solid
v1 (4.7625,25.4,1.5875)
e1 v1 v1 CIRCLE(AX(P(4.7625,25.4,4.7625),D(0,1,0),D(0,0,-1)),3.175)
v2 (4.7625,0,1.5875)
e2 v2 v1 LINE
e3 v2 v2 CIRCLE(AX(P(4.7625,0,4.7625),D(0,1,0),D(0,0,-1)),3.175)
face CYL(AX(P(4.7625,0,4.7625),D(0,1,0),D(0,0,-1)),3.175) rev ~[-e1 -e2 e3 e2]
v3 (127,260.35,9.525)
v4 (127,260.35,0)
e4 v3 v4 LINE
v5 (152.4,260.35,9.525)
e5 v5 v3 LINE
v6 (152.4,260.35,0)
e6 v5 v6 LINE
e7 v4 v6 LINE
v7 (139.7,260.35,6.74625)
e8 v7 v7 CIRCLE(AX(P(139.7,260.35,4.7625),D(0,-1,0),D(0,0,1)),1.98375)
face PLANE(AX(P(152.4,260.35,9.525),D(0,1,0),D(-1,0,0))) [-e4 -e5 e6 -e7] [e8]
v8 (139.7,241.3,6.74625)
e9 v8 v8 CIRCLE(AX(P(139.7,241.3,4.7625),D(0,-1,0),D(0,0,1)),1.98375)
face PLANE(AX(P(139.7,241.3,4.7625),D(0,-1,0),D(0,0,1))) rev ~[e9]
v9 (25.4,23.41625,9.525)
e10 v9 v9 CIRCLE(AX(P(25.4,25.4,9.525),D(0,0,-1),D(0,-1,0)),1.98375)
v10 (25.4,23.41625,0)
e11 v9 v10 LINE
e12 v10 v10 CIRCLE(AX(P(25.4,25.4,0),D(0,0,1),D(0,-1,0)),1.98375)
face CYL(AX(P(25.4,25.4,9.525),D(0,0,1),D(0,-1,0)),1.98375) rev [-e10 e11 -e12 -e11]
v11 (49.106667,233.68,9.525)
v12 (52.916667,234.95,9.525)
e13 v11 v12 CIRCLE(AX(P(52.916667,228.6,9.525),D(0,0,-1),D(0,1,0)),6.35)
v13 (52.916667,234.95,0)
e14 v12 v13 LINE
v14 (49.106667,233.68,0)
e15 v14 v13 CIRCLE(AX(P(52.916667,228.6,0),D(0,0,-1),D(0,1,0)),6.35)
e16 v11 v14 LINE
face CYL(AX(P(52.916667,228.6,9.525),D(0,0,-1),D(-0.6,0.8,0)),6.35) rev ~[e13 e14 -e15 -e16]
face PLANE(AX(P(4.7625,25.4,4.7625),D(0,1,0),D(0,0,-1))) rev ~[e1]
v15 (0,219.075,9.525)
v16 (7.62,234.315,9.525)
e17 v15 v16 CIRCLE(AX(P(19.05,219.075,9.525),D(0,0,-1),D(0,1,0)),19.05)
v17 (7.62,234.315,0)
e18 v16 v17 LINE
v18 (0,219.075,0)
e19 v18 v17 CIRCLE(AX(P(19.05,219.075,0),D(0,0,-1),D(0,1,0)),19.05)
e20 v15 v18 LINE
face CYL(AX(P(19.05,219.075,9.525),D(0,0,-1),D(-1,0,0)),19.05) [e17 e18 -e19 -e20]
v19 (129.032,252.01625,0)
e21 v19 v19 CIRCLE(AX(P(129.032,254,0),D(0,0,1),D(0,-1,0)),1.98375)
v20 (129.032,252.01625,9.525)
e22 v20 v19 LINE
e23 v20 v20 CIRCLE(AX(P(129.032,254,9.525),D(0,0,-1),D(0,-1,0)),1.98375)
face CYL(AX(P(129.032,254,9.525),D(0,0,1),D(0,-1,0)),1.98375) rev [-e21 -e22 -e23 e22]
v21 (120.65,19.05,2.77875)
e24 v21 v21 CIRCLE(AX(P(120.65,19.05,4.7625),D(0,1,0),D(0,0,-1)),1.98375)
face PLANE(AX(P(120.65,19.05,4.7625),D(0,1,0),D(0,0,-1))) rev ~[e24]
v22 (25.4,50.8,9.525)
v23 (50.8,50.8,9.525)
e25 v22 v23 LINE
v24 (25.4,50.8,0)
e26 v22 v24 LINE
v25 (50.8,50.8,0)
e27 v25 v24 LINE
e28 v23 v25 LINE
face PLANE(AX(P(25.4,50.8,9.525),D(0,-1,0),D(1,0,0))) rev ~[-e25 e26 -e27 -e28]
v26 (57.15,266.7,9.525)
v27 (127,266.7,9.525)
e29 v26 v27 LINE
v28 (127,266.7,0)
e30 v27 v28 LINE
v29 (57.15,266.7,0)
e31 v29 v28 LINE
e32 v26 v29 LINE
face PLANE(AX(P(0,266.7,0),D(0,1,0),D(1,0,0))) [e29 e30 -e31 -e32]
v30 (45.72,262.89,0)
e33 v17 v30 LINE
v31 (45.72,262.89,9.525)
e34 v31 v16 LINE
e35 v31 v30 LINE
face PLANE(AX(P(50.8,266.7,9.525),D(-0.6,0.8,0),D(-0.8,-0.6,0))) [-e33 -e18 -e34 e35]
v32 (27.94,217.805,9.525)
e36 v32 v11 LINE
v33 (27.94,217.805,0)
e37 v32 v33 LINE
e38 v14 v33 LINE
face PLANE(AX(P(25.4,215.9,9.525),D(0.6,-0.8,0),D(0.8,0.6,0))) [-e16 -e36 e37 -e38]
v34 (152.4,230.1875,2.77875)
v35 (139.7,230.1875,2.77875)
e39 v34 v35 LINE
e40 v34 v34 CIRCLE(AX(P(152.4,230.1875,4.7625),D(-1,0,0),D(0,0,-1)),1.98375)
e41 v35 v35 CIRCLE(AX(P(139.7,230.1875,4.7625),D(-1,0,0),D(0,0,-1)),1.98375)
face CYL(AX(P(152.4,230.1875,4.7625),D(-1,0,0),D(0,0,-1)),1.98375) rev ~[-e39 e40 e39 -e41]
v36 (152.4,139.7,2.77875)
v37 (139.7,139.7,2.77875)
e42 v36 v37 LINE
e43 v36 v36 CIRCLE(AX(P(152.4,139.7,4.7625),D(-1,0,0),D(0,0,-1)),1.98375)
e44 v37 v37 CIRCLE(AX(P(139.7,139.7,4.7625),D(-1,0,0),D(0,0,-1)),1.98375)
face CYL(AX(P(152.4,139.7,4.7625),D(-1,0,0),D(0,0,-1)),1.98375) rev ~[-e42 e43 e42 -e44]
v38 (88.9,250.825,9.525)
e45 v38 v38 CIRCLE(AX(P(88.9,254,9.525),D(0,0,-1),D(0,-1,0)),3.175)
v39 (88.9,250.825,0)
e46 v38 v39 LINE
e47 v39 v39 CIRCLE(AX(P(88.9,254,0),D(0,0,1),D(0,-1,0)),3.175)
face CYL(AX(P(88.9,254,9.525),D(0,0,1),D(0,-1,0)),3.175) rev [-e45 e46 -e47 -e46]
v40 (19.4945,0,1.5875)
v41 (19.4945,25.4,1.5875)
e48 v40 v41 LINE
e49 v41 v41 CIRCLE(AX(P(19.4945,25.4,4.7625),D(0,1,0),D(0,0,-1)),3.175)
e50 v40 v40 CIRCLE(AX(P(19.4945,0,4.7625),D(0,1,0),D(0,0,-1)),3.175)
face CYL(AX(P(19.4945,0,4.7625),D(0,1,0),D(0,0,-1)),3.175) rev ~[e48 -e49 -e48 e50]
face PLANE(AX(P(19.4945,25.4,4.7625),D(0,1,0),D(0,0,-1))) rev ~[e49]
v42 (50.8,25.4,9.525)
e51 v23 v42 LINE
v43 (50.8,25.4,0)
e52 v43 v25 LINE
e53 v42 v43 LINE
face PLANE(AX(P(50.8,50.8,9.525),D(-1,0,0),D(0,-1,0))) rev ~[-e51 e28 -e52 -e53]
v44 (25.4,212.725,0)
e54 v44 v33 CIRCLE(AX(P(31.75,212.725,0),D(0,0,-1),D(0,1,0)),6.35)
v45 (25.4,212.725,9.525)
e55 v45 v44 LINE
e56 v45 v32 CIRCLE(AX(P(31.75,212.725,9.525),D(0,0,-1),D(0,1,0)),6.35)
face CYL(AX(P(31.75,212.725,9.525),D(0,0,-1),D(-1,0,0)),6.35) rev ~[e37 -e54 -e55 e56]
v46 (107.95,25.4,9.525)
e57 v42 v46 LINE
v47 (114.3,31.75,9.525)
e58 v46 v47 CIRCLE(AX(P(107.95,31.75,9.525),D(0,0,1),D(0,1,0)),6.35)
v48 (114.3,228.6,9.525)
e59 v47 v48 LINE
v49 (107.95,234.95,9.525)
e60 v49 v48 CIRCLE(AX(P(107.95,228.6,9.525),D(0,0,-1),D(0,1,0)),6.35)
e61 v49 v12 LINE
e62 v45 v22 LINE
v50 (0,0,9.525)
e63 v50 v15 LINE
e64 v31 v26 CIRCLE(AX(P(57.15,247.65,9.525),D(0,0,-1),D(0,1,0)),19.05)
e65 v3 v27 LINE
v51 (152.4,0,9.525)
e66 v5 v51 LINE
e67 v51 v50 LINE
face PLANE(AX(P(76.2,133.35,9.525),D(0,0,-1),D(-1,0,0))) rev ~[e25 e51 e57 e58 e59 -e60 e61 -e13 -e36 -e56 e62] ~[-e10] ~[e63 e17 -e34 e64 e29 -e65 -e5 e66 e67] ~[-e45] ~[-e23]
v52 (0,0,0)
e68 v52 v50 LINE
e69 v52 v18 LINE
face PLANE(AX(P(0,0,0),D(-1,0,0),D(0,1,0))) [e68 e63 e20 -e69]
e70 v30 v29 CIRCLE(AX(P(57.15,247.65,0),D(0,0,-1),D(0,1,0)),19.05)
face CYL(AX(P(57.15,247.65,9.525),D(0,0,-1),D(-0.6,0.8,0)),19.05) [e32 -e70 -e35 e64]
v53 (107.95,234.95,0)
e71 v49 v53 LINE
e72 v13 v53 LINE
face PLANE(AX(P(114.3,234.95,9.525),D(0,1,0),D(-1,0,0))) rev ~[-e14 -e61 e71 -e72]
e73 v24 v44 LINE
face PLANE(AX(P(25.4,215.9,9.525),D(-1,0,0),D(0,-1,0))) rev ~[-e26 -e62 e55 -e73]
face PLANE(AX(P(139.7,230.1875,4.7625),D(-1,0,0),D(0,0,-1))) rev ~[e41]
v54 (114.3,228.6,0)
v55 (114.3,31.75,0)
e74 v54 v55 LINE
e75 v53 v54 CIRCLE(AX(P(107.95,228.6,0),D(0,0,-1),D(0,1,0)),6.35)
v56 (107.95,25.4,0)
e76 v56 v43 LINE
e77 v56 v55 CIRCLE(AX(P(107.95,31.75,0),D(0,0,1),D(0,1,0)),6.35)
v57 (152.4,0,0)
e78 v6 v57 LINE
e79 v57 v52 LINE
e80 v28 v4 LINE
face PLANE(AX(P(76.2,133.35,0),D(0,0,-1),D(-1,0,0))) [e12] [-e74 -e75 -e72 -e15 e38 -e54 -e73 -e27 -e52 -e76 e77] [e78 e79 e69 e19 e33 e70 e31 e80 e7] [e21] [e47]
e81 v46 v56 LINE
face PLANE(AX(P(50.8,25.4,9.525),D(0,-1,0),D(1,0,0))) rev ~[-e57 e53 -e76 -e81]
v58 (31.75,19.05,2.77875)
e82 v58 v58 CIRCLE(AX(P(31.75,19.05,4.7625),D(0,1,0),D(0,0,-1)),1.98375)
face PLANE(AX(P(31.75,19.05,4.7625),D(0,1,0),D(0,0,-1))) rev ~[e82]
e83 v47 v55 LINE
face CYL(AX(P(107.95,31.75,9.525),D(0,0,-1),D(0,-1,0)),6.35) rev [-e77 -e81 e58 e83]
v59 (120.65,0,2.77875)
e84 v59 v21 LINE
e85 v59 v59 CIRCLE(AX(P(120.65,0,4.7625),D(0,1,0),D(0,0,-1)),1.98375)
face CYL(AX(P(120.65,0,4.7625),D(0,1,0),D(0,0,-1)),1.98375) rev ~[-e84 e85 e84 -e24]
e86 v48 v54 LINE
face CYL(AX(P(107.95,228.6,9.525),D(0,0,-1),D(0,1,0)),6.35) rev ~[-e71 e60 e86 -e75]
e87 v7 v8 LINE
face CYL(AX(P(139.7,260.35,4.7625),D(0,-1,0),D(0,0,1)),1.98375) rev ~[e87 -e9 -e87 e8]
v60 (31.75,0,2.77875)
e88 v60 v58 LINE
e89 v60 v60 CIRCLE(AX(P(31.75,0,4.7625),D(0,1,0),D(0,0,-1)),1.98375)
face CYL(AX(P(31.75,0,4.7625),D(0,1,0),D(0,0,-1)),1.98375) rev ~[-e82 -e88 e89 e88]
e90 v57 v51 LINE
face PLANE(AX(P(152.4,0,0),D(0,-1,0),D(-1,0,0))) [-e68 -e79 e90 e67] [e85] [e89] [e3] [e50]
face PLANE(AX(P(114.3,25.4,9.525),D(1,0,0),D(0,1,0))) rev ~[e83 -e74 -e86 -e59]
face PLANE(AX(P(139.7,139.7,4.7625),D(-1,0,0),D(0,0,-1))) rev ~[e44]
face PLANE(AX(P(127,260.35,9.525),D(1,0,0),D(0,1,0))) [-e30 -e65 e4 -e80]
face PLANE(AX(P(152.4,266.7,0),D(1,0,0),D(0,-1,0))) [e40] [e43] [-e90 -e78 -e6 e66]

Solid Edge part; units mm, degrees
sketch "Sketch1" plane through (0, 0, 0) normal (0, 0, 1) x (1, 0, 0)
  line L0 (0, 0) -> (0, 266.7)
  line L1 (0, 266.7) -> (152.4, 266.7)
  line L2 (152.4, 266.7) -> (152.4, 0)
  line L3 (152.4, 0) -> (0, 0)
  dimension "D1" = 152.4
  dimension "D2" = 266.7
extrude "Protrusion1" add sketch "Sketch1" along normal blind 9.525
hole "Hole_1" at (88.9, 254, 9.525) direction (0, 0, -1) diameter 6.35 end through all
sketch "Sketch2" plane through (76.2, 133.35, 9.525) normal (0, 0, 1) x (1, 0, 0)
  line L0 (-76.2, 133.35) -> (-25.4, 133.35)
  line L1 (-25.4, 133.35) -> (-76.2, 95.25)
  line L2 (-76.2, 95.25) -> (-76.2, 133.35)
  dimension "D1" = 50.8
  dimension "D2" = 38.1
extrude "Cutout1" cut sketch "Sketch2" against normal through all
sketch "Sketch3" plane through (38.1, 127, 9.525) normal (0, 0, 1) x (1, 0, 0)
  line L0 (-12.7, 88.9) -> (-12.7, -76.2)
  line L1 (-12.7, -76.2) -> (12.7, -76.2)
  line L2 (12.7, -76.2) -> (12.7, -101.6)
  line L3 (12.7, -101.6) -> (76.2, -101.6)
  line L4 (76.2, -101.6) -> (76.2, 107.95)
  line L5 (76.2, 107.95) -> (12.7, 107.95)
  line L6 (-12.7, 88.9) -> (12.7, 107.95)
  dimension "D1" = 31.75
  dimension "D2" = 25.4
  dimension "D3" = 25.4
  dimension "D4" = 63.5
  dimension "D5" = 25.4
  dimension "D6" = 50.8
  dimension "D7" = 50.8
extrude "Cutout2" cut sketch "Sketch3" against normal through all
sketch "Sketch4" plane through (44.45, 133.35, 9.525) normal (0, 0, 1) x (1, 0, 0)
  line L0 (107.95, 133.35) -> (107.95, 127)
  line L1 (107.95, 127) -> (82.55, 127)
  line L2 (82.55, 127) -> (82.55, 133.35)
  line L3 (82.55, 133.35) -> (107.95, 133.35)
  dimension "D1" = 6.35
  dimension "D2" = 25.4
extrude "Cutout3" cut sketch "Sketch4" against normal through all
hole "Hole_9" at (120.65, 0, 4.7625) direction (0, 1, 0) diameter 3.9675 depth 19.05
hole "Hole1" at (31.75, 0, 4.7625) direction (0, 1, 0) diameter 3.9675 depth 19.05
hole "Hole_3" at (139.7, 260.35, 4.7625) direction (0, -1, 0) diameter 3.9675 depth 19.05
hole "Hole2" [suppressed]
hole "Hole_4a" at (25.4, 25.4, 9.525) direction (0, 0, -1) diameter 3.9675 end through all
fillet "Round_1" radius 19.05 2 edges at (0, 228.6, 4.7625) (50.8, 266.7, 4.7625)
fillet "Round_2" radius 6.35 4 edges at (50.8, 234.95, 4.7625) (114.3, 234.95, 4.7625) (114.3, 25.4, 4.7625) (25.4, 215.9, 4.7625)
hole "Hole3" at (19.4945, 0, 4.7625) direction (0, 1, 0) diameter 6.35 depth 25.4
hole "Hole4" at (4.7625, 0, 4.7625) direction (0, 1, 0) diameter 6.35 depth 25.4
hole "Hole_16" at (152.4, 230.1875, 4.7625) direction (-1, 0, 0) diameter 3.9675 depth 12.7
hole "Hole5" at (152.4, 139.7, 4.7625) direction (-1, 0, 0) diameter 3.9675 depth 12.7
hole "Hole_18" at (129.032, 254, 9.525) direction (0, 0, -1) diameter 3.9675 end up to next
properties part number "CHAS-02" material "Polyethylene, low density"
